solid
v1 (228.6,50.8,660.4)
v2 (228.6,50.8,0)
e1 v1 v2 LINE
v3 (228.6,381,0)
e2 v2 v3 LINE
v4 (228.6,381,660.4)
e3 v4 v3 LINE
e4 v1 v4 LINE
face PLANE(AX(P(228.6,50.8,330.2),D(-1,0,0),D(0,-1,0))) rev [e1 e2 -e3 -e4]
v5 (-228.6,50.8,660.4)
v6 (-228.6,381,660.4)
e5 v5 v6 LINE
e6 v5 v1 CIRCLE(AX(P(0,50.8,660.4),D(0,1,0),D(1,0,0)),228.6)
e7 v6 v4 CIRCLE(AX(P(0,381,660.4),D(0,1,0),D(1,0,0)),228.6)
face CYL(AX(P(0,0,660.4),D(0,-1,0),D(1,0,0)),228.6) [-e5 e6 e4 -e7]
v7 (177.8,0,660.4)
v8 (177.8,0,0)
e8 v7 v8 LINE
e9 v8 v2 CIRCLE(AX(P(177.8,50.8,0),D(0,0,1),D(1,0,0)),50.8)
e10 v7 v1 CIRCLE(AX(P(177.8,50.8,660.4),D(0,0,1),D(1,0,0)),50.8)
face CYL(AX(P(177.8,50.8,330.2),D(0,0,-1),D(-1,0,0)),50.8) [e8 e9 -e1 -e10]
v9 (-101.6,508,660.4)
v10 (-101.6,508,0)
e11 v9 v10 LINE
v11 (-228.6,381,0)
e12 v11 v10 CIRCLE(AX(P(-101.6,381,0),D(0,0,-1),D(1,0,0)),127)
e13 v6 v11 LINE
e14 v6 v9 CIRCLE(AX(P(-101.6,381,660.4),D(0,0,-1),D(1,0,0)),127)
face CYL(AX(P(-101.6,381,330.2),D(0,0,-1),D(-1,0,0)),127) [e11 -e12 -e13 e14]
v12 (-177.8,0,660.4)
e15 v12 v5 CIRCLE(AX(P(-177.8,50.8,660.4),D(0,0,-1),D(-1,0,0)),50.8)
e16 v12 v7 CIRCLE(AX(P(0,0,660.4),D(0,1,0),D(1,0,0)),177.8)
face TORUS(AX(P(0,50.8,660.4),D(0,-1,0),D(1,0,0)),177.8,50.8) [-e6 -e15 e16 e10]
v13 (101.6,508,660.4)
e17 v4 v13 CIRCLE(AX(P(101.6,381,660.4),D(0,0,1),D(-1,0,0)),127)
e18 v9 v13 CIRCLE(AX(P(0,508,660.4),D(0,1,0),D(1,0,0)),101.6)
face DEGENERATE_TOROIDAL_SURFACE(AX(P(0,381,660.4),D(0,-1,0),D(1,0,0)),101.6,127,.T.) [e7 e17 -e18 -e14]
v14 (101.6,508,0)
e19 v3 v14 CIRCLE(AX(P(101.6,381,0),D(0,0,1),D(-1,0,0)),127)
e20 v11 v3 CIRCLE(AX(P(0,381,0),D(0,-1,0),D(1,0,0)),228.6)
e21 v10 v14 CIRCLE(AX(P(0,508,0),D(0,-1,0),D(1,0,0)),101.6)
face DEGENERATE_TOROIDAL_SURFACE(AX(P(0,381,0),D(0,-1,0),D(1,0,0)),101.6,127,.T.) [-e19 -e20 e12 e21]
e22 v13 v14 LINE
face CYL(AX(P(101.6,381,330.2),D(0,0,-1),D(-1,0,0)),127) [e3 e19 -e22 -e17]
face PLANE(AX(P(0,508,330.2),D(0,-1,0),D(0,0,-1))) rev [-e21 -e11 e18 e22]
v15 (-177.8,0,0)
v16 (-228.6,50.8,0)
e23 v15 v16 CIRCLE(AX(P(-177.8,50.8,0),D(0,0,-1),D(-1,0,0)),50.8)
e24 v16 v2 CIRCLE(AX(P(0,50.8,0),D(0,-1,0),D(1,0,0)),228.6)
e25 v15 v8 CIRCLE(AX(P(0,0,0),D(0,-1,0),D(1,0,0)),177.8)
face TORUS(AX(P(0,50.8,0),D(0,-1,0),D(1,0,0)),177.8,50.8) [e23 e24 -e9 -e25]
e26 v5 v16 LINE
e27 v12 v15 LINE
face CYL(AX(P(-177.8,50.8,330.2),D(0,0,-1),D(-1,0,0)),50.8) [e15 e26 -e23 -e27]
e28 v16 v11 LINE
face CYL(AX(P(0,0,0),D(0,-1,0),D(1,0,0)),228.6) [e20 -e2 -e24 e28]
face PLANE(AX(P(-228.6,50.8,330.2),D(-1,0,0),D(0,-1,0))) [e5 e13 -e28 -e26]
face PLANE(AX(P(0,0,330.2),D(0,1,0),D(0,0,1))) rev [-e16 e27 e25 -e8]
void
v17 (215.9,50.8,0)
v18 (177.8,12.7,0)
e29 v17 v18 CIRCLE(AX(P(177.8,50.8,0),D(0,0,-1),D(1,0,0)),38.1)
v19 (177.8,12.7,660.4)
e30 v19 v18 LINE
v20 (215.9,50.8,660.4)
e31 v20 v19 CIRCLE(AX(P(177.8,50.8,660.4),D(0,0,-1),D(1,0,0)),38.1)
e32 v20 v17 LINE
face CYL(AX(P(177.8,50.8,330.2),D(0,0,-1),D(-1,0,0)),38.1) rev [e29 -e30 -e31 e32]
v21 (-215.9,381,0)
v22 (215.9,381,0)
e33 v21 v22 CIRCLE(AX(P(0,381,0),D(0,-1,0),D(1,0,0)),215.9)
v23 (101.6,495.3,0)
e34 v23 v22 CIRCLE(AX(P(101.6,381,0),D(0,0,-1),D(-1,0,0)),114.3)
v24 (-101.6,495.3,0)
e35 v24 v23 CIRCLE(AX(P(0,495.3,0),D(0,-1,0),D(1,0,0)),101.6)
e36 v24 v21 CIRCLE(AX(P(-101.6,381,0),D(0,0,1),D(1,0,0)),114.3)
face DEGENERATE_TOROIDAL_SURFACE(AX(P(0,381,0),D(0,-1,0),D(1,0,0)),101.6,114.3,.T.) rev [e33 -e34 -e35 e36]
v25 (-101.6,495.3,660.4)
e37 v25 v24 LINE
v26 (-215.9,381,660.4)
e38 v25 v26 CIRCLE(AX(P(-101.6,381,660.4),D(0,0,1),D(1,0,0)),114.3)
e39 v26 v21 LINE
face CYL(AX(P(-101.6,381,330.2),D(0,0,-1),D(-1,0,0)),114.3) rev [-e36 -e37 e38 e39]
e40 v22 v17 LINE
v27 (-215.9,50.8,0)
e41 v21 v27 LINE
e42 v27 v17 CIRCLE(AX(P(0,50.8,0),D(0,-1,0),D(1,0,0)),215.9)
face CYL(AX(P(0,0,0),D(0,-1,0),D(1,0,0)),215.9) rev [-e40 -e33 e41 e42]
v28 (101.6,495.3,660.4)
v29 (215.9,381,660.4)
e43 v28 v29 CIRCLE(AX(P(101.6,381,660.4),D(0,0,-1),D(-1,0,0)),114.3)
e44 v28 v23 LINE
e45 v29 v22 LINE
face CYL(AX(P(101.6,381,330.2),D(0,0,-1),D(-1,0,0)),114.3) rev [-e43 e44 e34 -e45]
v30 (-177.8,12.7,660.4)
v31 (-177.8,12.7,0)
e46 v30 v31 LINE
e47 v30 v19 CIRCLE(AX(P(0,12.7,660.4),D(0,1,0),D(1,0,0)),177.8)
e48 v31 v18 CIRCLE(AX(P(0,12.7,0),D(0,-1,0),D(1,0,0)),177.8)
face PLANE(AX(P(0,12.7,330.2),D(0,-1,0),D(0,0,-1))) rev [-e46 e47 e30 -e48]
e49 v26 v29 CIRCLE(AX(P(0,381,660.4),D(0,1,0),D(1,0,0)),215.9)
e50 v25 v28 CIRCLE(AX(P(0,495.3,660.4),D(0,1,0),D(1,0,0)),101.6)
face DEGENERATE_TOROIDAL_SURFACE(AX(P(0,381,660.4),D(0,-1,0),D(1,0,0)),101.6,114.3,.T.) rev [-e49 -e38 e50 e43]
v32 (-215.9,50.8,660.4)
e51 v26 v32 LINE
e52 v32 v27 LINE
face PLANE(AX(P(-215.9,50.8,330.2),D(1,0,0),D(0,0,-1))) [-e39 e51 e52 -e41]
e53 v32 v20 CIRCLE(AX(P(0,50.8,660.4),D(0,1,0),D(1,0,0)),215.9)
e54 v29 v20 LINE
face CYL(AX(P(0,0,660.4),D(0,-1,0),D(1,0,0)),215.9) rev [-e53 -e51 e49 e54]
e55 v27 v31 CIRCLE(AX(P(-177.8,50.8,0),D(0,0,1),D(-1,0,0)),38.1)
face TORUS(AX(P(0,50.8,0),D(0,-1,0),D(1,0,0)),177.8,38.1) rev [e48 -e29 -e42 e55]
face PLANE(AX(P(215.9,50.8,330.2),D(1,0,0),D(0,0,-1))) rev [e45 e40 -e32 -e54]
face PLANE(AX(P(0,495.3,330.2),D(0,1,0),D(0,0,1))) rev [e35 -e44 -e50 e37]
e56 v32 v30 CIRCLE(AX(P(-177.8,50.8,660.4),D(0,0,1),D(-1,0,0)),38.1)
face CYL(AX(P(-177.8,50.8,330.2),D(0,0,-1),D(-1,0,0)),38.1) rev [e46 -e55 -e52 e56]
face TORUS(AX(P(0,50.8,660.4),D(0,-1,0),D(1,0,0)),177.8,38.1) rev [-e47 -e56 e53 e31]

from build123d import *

# Parameters (mm, degrees)
BOSS_EXTRUDE1_DEPTH  = 330.2
REVOLVE1_ANGLE       = 90
MIRROR2_COPY_1_DEPTH = 330.2
MIRROR2_COPY_2_ANGLE = 90


with BuildPart() as part:
    # Sketch1 → Boss-Extrude1 (new body)
    with BuildSketch(Plane.XY):
        with BuildLine():
            Line((0, 12.7), (177.8, 12.7))
            ThreePointArc((177.8, 12.7), (204.740768363, 23.859231637), (215.9, 50.8))
            Line((215.9, 50.8), (215.9, 381))
            ThreePointArc((215.9, 381), (182.42230509, 461.82230509), (101.6, 495.3))
            Line((101.6, 495.3), (0, 495.3))
            Line((0, 495.3), (0, 508))
            Line((0, 508), (101.6, 508))
            ThreePointArc((101.6, 508), (191.402561211, 470.802561211), (228.6, 381))
            Line((228.6, 381), (228.6, 50.8))
            ThreePointArc((228.6, 50.8), (213.721024484, 14.878975516), (177.8, 0))
            Line((177.8, 0), (0, 0))
            Line((0, 0), (0, 12.7))
        make_face()
    boss_extrude1 = extrude(amount=BOSS_EXTRUDE1_DEPTH)

    # Sketch1<2> → Revolve1 (revolve)
    with BuildSketch(Plane.XY):
        with BuildLine():
            Line((0, 12.7), (177.8, 12.7))
            ThreePointArc((177.8, 12.7), (204.740768363, 23.859231637), (215.9, 50.8))
            Line((215.9, 50.8), (215.9, 381))
            ThreePointArc((215.9, 381), (182.42230509, 461.82230509), (101.6, 495.3))
            Line((101.6, 495.3), (0, 495.3))
            Line((0, 495.3), (0, 508))
            Line((0, 508), (101.6, 508))
            ThreePointArc((101.6, 508), (191.402561211, 470.802561211), (228.6, 381))
            Line((228.6, 381), (228.6, 50.8))
            ThreePointArc((228.6, 50.8), (213.721024484, 14.878975516), (177.8, 0))
            Line((177.8, 0), (0, 0))
            Line((0, 0), (0, 12.7))
        make_face()
    revolve1 = revolve(axis=Axis((0, 0, 0), (0, 1, 0)), revolution_arc=REVOLVE1_ANGLE)

    # Mirror1: Boss-Extrude1, Revolve1 across plane
    add(boss_extrude1.mirror(Plane(origin=(0, 0, 0), x_dir=(0, 0, 1), z_dir=(1, 0, 0))))
    add(revolve1.mirror(Plane(origin=(0, 0, 0), x_dir=(0, 0, 1), z_dir=(1, 0, 0))))

    # Mirror2: Boss-Extrude1, Revolve1 across plane
    add(boss_extrude1.mirror(Plane(origin=(177.8, 50.8, 330.2), x_dir=(1, 0, 0), z_dir=(0, 0, 1))))
    add(revolve1.mirror(Plane(origin=(177.8, 50.8, 330.2), x_dir=(1, 0, 0), z_dir=(0, 0, 1))))

    # Mirror2 copy 1 sketch → Mirror2 copy 1 (add)
    with BuildSketch(Plane(origin=(0, 0, 660.4), x_dir=(-1, 0, 0), z_dir=(0, 0, -1))):
        with BuildLine():
            Line((0, 12.7), (177.8, 12.7))
            ThreePointArc((177.8, 12.7), (204.740768363, 23.859231637), (215.9, 50.8))
            Line((215.9, 50.8), (215.9, 381))
            ThreePointArc((215.9, 381), (182.42230509, 461.82230509), (101.6, 495.3))
            Line((101.6, 495.3), (0, 495.3))
            Line((0, 495.3), (0, 508))
            Line((0, 508), (101.6, 508))
            ThreePointArc((101.6, 508), (191.402561211, 470.802561211), (228.6, 381))
            Line((228.6, 381), (228.6, 50.8))
            ThreePointArc((228.6, 50.8), (213.721024484, 14.878975516), (177.8, 0))
            Line((177.8, 0), (0, 0))
            Line((0, 0), (0, 12.7))
        make_face()
    extrude(amount=MIRROR2_COPY_1_DEPTH)

    # Mirror2 copy 2 sketch → Mirror2 copy 2 (revolve)
    with BuildSketch(Plane(origin=(0, 0, 660.4), x_dir=(-1, 0, 0), z_dir=(0, 0, -1))):
        with BuildLine():
            Line((0, 12.7), (177.8, 12.7))
            ThreePointArc((177.8, 12.7), (204.740768363, 23.859231637), (215.9, 50.8))
            Line((215.9, 50.8), (215.9, 381))
            ThreePointArc((215.9, 381), (182.42230509, 461.82230509), (101.6, 495.3))
            Line((101.6, 495.3), (0, 495.3))
            Line((0, 495.3), (0, 508))
            Line((0, 508), (101.6, 508))
            ThreePointArc((101.6, 508), (191.402561211, 470.802561211), (228.6, 381))
            Line((228.6, 381), (228.6, 50.8))
            ThreePointArc((228.6, 50.8), (213.721024484, 14.878975516), (177.8, 0))
            Line((177.8, 0), (0, 0))
            Line((0, 0), (0, 12.7))
        make_face()
    revolve(axis=Axis((0, 0, 660.4), (0, 1, 0)), revolution_arc=MIRROR2_COPY_2_ANGLE)


solid = part.part
